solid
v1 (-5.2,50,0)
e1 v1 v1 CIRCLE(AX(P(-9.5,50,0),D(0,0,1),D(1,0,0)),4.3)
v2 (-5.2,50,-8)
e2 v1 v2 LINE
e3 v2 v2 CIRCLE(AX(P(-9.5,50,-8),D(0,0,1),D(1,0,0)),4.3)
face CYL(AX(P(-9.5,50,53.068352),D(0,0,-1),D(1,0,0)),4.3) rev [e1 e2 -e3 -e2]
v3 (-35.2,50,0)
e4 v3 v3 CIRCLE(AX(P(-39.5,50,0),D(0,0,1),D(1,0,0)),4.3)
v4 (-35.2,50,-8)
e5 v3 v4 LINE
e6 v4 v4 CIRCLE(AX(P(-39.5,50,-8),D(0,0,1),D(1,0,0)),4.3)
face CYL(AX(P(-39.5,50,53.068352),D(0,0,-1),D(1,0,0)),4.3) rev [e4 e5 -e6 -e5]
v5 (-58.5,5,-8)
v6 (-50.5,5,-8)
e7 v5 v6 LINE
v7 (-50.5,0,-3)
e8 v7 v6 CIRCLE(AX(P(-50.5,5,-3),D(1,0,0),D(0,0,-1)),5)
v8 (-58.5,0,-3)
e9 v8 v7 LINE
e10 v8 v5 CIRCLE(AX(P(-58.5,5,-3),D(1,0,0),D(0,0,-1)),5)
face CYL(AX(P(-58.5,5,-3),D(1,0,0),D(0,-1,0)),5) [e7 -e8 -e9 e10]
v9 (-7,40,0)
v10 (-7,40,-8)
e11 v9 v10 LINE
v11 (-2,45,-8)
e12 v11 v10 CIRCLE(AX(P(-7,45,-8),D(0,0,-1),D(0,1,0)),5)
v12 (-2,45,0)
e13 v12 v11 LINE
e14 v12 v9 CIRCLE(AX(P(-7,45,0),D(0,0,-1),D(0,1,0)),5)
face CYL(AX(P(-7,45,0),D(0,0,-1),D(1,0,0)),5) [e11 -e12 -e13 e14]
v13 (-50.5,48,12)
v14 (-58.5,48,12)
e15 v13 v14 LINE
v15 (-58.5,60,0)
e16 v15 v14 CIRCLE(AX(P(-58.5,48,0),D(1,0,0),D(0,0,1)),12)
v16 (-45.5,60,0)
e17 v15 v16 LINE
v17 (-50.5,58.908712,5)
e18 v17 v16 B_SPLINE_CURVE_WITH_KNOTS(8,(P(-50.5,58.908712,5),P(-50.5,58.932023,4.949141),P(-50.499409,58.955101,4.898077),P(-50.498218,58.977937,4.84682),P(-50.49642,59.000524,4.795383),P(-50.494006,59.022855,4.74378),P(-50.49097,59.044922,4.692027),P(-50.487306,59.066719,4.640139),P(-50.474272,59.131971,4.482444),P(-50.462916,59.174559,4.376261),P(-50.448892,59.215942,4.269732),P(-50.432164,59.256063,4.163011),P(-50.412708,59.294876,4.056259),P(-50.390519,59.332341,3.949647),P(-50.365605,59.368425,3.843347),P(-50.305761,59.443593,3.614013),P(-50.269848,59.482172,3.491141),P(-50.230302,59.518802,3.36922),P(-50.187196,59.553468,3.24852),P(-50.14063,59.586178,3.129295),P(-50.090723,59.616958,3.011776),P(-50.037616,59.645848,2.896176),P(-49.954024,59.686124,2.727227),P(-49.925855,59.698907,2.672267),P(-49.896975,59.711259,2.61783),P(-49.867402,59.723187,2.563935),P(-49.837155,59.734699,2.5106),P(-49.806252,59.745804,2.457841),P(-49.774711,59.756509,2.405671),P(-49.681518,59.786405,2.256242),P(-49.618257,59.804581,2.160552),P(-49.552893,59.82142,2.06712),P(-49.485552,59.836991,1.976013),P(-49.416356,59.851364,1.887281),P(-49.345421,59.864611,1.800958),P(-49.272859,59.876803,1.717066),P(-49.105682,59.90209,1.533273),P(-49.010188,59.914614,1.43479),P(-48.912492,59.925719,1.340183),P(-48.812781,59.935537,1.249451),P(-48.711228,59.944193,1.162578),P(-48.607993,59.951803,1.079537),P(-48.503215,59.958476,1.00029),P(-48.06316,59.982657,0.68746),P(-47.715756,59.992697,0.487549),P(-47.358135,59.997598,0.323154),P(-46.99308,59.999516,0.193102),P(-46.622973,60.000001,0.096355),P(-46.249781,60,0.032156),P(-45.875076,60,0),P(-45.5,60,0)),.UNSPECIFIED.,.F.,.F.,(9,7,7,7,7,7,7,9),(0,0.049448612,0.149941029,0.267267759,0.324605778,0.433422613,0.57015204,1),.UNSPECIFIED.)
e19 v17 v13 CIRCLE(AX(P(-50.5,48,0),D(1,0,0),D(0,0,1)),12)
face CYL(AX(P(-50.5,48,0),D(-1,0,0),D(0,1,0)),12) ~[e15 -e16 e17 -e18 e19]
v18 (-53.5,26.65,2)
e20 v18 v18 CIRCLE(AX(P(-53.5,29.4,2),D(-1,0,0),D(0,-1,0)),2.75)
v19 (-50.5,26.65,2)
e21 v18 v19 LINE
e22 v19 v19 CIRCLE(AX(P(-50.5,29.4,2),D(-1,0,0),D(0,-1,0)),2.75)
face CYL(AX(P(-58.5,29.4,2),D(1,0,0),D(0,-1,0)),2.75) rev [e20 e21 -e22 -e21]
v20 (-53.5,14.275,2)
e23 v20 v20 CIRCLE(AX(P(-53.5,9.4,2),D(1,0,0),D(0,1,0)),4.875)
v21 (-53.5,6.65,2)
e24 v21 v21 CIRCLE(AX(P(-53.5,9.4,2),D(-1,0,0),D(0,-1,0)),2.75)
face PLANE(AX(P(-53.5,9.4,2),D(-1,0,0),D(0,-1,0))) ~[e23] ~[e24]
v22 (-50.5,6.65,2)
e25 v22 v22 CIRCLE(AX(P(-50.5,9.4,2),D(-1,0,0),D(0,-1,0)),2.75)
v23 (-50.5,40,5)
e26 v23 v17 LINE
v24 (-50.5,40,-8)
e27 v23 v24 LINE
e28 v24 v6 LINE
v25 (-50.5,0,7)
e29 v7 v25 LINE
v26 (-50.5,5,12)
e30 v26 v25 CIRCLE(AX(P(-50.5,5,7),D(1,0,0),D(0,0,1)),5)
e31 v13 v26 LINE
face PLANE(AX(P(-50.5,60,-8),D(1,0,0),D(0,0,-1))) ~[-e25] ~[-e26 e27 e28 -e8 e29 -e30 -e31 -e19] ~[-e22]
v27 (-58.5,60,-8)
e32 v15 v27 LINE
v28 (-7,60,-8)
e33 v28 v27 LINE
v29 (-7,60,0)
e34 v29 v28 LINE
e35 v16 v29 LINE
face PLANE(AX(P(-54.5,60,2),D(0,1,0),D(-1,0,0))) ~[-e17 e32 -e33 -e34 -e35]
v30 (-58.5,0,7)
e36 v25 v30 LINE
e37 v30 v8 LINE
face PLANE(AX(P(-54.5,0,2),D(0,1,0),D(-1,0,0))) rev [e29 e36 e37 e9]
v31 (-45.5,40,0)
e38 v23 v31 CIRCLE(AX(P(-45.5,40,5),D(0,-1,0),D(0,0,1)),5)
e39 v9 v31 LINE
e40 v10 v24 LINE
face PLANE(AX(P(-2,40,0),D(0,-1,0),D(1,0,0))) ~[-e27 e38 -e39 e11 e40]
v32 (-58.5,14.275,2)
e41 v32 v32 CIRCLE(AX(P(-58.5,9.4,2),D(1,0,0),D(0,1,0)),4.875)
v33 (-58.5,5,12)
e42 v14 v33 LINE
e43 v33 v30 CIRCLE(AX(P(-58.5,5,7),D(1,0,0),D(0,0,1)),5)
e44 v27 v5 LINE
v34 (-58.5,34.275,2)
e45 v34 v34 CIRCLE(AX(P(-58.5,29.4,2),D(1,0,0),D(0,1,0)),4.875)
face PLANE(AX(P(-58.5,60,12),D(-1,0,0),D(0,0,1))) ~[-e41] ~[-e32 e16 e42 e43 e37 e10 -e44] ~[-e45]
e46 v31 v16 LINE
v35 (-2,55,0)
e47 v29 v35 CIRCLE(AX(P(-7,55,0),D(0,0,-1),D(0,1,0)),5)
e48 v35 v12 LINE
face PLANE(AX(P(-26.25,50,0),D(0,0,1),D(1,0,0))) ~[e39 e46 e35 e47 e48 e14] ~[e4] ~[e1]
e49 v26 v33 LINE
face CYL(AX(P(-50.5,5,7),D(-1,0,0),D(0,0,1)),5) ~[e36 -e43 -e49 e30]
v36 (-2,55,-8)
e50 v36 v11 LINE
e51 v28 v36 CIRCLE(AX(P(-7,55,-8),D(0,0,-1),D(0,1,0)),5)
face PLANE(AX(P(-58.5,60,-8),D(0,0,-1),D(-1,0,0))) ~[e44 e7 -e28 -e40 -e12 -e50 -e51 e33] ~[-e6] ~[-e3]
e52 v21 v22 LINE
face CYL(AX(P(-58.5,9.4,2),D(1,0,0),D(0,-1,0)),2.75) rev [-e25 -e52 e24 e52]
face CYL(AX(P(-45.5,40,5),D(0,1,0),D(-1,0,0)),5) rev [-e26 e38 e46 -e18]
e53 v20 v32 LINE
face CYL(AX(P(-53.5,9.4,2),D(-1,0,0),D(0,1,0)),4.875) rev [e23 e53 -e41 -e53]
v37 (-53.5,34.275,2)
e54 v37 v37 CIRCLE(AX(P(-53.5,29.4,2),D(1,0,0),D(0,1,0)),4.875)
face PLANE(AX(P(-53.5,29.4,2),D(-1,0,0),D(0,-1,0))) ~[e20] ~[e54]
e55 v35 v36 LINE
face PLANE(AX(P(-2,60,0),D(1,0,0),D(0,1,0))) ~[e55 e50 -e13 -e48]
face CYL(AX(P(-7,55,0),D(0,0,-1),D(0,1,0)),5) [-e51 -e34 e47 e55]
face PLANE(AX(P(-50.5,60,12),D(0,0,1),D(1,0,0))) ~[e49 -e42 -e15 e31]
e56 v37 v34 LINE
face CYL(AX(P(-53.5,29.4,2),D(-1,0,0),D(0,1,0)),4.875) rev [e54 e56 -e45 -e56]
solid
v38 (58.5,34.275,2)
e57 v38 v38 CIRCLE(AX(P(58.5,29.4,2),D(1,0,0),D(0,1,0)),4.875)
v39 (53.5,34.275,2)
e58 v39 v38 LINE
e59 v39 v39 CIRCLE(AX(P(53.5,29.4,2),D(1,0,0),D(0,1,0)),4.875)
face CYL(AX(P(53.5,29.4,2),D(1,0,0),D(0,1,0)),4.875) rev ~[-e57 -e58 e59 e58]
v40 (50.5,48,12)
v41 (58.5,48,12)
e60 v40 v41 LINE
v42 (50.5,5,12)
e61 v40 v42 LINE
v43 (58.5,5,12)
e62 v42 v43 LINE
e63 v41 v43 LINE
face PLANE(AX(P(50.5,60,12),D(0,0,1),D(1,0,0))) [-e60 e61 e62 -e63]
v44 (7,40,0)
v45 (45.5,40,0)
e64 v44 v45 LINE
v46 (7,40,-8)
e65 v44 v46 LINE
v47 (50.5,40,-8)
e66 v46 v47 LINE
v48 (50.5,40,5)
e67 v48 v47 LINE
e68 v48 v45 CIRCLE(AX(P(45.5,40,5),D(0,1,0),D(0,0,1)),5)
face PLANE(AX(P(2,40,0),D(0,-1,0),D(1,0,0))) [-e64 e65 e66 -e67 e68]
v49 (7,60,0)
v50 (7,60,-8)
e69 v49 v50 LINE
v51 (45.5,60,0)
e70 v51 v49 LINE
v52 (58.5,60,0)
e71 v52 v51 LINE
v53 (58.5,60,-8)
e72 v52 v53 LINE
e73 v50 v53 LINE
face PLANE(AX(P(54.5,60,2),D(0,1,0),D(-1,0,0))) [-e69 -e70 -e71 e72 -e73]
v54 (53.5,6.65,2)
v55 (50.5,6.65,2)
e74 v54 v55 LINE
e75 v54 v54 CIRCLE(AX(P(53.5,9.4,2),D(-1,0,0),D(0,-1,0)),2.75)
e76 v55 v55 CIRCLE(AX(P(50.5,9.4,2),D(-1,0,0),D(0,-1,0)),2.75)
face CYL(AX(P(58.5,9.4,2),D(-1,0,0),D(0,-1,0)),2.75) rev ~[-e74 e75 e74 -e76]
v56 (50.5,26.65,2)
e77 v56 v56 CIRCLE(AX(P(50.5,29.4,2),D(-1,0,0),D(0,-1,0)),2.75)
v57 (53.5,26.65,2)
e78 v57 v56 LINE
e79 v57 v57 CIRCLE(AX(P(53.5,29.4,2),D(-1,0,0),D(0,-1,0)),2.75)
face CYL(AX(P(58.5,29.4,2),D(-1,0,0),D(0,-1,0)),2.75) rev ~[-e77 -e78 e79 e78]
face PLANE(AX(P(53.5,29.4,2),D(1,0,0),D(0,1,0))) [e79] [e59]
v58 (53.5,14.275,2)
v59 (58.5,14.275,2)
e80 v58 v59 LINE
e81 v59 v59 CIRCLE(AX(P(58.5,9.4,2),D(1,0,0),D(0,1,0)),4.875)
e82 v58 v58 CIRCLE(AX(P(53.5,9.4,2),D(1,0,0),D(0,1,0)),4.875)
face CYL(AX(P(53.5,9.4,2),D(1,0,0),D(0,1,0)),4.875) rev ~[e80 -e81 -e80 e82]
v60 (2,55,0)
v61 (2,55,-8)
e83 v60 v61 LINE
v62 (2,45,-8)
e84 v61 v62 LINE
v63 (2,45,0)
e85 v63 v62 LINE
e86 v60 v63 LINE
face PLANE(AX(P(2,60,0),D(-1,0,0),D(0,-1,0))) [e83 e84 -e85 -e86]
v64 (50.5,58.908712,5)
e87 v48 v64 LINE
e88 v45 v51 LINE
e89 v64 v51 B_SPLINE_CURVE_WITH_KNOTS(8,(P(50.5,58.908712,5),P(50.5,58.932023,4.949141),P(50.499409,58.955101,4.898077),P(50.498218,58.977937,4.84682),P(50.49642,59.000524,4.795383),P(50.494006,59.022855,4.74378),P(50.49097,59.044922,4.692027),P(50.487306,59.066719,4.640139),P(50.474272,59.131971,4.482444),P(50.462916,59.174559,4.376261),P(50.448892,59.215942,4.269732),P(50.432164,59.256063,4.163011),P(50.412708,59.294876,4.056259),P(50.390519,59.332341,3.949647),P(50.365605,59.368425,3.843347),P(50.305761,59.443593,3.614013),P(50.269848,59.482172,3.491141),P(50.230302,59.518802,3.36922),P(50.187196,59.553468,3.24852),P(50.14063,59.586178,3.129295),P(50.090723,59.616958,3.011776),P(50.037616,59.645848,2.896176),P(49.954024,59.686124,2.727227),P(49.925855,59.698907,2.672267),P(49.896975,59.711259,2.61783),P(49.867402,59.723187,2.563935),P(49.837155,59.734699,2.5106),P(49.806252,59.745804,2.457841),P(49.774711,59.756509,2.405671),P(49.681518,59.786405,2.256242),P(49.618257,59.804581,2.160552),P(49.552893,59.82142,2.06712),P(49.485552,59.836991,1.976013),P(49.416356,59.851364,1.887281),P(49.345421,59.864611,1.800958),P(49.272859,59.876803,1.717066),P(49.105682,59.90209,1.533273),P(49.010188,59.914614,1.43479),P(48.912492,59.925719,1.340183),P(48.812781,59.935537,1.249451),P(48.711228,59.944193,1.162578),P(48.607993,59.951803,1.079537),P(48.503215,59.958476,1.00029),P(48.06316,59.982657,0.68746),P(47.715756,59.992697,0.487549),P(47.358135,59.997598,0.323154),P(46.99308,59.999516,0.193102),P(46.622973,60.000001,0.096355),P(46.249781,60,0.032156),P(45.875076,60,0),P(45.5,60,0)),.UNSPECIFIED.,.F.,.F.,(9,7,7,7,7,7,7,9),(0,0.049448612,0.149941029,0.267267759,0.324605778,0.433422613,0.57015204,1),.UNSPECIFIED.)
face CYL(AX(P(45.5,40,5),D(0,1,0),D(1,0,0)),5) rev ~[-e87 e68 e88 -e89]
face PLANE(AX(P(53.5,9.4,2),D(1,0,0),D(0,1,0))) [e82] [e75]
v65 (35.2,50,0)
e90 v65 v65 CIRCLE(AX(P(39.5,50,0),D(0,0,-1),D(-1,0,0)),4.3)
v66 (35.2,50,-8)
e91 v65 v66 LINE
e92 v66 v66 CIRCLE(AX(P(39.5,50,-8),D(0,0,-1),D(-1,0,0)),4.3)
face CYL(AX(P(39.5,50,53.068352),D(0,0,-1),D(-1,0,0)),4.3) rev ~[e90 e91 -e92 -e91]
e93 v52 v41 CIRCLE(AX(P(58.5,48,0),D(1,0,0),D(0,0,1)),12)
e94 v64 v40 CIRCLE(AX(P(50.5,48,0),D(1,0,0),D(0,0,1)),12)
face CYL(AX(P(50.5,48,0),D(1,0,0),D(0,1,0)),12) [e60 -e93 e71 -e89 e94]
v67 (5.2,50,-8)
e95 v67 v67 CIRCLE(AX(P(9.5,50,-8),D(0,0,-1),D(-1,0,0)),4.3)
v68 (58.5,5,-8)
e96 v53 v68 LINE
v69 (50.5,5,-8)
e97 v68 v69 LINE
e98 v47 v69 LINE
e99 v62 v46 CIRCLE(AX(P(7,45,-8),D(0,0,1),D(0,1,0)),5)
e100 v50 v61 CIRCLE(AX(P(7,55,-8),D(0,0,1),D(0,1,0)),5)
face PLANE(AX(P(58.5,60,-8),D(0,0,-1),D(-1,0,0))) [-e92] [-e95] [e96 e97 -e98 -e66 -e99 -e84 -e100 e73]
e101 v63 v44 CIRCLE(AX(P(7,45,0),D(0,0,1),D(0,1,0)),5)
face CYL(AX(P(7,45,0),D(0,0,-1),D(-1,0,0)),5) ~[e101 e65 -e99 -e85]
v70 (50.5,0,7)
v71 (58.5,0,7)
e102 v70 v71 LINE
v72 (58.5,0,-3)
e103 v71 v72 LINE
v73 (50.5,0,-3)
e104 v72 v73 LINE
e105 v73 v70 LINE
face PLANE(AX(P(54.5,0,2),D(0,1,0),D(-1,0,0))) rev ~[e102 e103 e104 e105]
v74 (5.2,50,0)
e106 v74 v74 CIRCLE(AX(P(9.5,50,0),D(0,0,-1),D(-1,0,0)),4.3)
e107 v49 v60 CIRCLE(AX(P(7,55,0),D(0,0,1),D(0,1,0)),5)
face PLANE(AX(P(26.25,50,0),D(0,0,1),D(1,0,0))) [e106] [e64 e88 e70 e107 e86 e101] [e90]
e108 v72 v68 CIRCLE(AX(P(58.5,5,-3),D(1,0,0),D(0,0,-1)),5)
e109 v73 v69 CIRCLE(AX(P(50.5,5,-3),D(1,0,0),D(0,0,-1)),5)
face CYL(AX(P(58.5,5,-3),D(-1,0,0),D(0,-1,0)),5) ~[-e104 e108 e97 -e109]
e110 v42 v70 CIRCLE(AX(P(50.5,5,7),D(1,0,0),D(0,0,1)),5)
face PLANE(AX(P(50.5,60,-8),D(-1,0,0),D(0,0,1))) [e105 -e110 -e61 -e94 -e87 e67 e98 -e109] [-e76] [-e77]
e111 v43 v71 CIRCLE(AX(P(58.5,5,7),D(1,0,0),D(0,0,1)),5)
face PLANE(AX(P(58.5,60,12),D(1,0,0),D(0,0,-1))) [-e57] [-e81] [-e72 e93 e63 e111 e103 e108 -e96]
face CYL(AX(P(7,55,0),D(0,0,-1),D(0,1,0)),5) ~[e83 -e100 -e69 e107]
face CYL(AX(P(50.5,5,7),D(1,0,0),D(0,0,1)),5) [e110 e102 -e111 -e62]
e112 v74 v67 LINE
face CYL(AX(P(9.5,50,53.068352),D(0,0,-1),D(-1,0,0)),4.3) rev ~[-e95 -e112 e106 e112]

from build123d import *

# Parameters (mm, degrees)
F1_DEPTH       = 8
F2_D           = 8.6
F4_DEPTH       = 60
F6_D           = 5.5
F6_DEPTH       = 30
F6_CBORE_D     = 9.75
F6_CBORE_DEPTH = 5
F6_TIP         = 1.6523667023
F7_R           = 12
F8_R           = 5


with BuildPart() as f1:
    # F0 (on Top) → F1 (new body)
    with BuildSketch(Plane.XY):
        Polygon((50.5, 40), (50.5, 60), (2, 60), (2, 40), (17, 40), align=None)
    extrude(amount=-F1_DEPTH)

    # F2 (through all)
    with Locations(Plane.XY):
        with Locations((9.5, 50), (39.5, 50)):
            Hole(F2_D / 2)

    # F3 (on face) → F4 (join)
    with BuildSketch(Plane(origin=(0, 60, 0), x_dir=(-1, 0, 0), z_dir=(0, 1, 0))):
        Polygon((-58.5, -8), (-50.5, -8), (-50.5, 0), (-50.5, 12), (-58.5, 12), align=None)
    extrude(amount=-F4_DEPTH)

    # F6
    with Locations(Plane.YZ.offset(58.5)):
        with Locations((9.4, 2), (29.4, 2)):
            CounterBoreHole(F6_D / 2, F6_CBORE_D / 2, F6_CBORE_DEPTH, depth=F6_DEPTH)
            with Locations((0, 0, -(F6_DEPTH + F6_TIP / 2))):  # 118° drill point
                Cone(0, F6_D / 2, F6_TIP, mode=Mode.SUBTRACT)

    # F7
    f7_edges = [f1.edges().sort_by_distance(p)[0] for p in [
        (54.5, 60, 12),
    ]]
    fillet(f7_edges, radius=F7_R)

    # F8
    f8_edges = [f1.edges().sort_by_distance(p)[0] for p in [
        (54.5, 0, 12),
        (54.5, 0, -8),
        (2, 40, -4),
        (2, 60, -4),
        (50.5, 50, 0),
    ]]
    fillet(f8_edges, radius=F8_R)


with BuildPart() as f9_1:
    # F9: instance of F1
    add(f1.part.mirror(Plane.YZ))


solid = Compound([f1.part, f9_1.part])
